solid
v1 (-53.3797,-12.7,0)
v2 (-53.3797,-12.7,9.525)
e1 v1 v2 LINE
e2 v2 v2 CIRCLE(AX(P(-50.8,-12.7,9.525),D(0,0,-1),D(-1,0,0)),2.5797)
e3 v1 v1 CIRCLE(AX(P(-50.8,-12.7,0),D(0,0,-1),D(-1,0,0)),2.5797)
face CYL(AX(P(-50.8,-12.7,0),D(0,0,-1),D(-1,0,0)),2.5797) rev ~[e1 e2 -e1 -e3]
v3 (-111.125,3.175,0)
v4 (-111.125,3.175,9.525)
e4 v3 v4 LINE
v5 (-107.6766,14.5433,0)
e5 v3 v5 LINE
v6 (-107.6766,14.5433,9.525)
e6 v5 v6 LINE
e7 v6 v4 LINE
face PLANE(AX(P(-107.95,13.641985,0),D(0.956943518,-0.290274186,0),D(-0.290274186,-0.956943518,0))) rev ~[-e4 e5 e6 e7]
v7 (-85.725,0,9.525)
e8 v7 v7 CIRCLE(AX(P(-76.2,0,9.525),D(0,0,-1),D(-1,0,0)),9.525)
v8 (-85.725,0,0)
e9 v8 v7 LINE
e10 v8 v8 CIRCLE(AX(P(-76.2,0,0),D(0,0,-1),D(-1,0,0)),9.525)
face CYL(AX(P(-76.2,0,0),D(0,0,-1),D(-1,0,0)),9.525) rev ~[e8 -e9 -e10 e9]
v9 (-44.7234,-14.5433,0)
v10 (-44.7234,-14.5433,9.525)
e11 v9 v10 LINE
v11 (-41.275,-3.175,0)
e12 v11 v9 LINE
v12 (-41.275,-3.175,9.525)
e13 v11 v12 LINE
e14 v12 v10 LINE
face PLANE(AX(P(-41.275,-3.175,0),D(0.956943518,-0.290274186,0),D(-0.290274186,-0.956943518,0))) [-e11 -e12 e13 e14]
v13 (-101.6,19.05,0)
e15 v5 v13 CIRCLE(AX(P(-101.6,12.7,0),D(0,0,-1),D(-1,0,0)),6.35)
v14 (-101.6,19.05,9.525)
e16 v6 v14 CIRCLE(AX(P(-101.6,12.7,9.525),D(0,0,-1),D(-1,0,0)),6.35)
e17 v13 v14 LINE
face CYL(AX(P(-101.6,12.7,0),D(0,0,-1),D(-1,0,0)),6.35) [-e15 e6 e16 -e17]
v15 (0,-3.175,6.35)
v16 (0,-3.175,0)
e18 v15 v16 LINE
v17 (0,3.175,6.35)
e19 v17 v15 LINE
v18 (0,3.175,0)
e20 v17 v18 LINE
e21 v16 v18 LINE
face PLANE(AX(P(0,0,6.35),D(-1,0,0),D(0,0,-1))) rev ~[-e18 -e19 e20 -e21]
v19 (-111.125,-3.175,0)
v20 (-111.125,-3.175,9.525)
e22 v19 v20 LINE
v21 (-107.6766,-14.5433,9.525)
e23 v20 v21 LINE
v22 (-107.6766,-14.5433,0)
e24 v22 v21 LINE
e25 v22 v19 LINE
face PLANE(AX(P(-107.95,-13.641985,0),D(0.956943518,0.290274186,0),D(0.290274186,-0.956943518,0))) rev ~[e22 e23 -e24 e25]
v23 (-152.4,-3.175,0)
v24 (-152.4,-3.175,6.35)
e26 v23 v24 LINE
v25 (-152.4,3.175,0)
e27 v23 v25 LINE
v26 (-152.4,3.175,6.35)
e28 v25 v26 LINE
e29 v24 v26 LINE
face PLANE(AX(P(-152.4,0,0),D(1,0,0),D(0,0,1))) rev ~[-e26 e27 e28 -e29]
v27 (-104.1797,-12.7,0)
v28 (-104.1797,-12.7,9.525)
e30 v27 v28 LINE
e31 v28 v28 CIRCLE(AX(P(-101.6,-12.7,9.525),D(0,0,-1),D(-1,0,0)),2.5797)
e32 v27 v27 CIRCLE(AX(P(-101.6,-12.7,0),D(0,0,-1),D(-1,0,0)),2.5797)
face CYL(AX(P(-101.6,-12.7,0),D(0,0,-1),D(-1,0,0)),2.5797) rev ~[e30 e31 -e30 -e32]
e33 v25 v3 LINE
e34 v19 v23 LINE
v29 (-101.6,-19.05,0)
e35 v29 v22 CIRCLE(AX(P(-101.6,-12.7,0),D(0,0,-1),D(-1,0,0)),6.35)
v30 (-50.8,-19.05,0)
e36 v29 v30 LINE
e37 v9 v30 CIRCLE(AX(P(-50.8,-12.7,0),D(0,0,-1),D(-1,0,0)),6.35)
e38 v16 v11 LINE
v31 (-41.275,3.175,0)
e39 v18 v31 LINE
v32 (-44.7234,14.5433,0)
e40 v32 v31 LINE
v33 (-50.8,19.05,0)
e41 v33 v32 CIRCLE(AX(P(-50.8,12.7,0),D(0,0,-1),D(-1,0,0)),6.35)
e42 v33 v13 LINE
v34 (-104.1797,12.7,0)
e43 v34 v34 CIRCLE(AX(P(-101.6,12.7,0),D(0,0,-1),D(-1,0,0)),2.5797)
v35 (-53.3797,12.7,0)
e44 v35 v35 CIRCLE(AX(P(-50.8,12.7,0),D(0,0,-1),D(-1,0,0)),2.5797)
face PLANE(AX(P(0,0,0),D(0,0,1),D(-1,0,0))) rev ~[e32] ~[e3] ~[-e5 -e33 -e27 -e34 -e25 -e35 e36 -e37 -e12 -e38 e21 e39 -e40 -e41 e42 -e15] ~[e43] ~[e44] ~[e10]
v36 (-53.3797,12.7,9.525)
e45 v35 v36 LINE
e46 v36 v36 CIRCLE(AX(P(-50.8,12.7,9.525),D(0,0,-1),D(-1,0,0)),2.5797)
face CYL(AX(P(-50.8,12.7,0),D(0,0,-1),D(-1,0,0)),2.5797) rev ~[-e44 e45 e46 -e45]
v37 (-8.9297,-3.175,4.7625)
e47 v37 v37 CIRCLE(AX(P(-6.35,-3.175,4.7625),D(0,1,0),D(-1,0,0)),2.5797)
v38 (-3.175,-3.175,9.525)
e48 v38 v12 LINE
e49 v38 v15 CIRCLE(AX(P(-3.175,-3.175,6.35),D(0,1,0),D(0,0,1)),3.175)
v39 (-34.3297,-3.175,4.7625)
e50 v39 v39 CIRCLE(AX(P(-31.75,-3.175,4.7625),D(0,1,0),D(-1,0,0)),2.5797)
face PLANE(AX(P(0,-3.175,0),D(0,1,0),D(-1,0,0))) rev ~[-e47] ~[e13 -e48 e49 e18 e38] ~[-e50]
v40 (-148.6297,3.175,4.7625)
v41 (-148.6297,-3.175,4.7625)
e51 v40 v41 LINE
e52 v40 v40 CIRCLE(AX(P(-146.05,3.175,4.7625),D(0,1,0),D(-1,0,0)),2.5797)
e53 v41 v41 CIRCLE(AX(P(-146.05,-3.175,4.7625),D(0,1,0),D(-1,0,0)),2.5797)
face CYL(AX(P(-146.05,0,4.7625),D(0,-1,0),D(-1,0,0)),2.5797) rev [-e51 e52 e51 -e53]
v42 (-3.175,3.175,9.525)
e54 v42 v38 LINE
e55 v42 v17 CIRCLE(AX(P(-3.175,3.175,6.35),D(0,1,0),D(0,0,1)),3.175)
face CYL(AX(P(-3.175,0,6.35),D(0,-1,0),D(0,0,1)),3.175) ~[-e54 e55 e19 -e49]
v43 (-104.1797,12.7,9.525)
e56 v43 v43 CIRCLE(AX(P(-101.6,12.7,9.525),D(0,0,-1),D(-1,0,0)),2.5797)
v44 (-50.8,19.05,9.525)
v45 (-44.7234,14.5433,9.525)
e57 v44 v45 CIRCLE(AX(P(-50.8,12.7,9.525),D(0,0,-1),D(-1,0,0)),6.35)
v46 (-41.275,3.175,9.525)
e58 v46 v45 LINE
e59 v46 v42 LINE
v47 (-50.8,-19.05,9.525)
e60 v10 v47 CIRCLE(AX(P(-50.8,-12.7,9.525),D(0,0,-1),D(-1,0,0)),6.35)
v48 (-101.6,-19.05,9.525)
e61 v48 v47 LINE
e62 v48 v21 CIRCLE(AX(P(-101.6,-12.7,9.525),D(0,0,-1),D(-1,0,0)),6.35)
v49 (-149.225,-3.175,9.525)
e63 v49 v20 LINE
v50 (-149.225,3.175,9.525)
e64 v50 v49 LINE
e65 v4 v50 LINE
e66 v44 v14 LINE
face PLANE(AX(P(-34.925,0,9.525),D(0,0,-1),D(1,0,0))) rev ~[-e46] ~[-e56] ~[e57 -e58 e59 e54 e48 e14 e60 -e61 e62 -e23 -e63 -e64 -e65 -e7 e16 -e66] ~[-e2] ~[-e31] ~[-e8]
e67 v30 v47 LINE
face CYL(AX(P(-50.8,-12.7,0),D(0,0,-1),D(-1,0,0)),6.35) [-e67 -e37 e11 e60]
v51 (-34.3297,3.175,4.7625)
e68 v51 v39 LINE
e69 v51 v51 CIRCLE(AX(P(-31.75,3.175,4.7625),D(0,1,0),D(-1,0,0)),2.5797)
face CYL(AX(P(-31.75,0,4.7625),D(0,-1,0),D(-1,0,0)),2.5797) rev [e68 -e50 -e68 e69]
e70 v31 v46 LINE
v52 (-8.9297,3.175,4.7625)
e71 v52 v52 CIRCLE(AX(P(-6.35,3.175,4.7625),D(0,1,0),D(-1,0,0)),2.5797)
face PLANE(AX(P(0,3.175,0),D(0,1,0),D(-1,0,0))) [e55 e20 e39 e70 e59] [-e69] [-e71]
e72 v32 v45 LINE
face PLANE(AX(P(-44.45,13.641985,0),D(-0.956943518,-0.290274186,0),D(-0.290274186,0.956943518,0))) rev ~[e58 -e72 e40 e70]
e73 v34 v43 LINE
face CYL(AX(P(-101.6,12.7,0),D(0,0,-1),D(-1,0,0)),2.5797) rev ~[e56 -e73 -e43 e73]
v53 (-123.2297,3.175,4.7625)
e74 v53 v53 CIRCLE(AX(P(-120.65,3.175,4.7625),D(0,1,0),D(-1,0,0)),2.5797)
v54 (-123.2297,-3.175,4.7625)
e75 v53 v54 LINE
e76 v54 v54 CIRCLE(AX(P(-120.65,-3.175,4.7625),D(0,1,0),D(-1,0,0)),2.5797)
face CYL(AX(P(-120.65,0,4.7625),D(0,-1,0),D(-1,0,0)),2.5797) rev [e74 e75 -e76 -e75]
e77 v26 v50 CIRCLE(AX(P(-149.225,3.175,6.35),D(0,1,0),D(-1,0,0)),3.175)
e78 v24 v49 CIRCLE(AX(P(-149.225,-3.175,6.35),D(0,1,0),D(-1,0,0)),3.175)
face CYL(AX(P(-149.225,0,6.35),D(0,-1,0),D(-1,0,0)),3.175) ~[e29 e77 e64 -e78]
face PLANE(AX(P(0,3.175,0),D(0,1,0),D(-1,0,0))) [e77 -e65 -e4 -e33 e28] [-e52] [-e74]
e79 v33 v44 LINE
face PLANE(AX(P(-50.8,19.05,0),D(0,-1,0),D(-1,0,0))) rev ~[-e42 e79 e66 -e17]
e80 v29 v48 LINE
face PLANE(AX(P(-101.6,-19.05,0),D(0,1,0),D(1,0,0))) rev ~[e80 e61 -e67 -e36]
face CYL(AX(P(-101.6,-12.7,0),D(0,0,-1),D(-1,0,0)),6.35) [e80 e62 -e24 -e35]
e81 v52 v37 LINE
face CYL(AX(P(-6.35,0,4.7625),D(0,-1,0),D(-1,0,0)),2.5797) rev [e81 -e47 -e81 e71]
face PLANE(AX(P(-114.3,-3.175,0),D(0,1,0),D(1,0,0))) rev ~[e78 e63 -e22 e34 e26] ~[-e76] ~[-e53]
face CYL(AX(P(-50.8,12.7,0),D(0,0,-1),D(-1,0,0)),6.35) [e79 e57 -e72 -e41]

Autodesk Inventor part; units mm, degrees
ref_plane "YZ Plane" through (0, 0, 0) normal (1, 0, 0) x (0, 1, 0)
ref_plane "XZ Plane" through (0, 0, 0) normal (0, 1, 0) x (-1, 0, 0)
ref_plane "XY Plane" through (0, 0, 0) normal (0, 0, 1) x (1, 0, 0)
sketch "Sketch1" plane through (0, 0, 0) normal (0, 1, 0) x (-1, 0, 0)
  line L0 (0, 0) -> (152.4, 0)
  line L1 (152.4, 0) -> (152.4, 6.35)
  line L2 (34.925, 9.525) -> (3.175, 9.525)
  line L3 (0, 6.35) -> (0, 0)
  circle A0 centre (6.35, 4.7625) radius 2.5797
  circle A1 centre (31.75, 4.7625) radius 2.5797
  circle A2 centre (120.65, 4.7625) radius 2.5797
  circle A3 centre (146.05, 4.7625) radius 2.5797
  line L4 (38.1, 9.525) -> (114.3, 9.525)
  line L5 (114.3, 6.35) -> (114.3, 4.7625)
  line L6 (38.1, 4.7625) -> (38.1, 6.35)
  arc A4 (38.1, 6.35) -> (34.925, 9.525) centre (34.925, 6.35) ccw
  arc A5 (3.175, 9.525) -> (0, 6.35) centre (3.175, 6.35) ccw
  line L7 (117.475, 9.525) -> (149.225, 9.525)
  arc A6 (117.475, 9.525) -> (114.3, 6.35) centre (117.475, 6.35) ccw
  arc A7 (152.4, 6.35) -> (149.225, 9.525) centre (149.225, 6.35) ccw
  line L8 (114.3, 6.35) -> (114.3, 0)
  line L9 (38.1, 6.35) -> (38.1, 0)
  line L10 (114.3, 4.7625) -> (114.3, 9.525)
  line L11 (117.475, 9.525) -> (114.3, 9.525)
  line L12 (38.1, 6.35) -> (38.1, 9.525)
  line L13 (38.1, 9.525) -> (34.925, 9.525)
  line L14 (38.1, 3.175) -> (114.3, 3.175)
  line L15 (88.9, 3.175) -> (116.778, 9.4476)
  line L16 (63.5, 3.175) -> (35.622, 9.4476)
  point P0 (152.4, 9.525)
  point P1 (0, 9.525)
  point P2 (114.3, 3.175)
  dimension "d0" = 152.4
  dimension "d1" = 9.525
  dimension "d2" = 4.7625
  dimension "d3" = 4.7625
  dimension "d4" = 4.7625
  dimension "d5" = 4.7625
  dimension "d6" = 25.4
  dimension "d7" = 25.4
  dimension "d8" = 5.1594
  dimension "d9" = 6.35
  dimension "d10" = 6.35
  dimension "d11" = 4.7625
  dimension "d12" = 6.35
  dimension "d13" = 6.35
  dimension "d14" = 3.175
  dimension "d15" = 3.175
  dimension "d37" = 3.175
  dimension "d100" = 25.4
extrude "Extrusion1" add sketch "Sketch1" along normal mid plane 6.35
extrude "Extrusion2" add sketch "Sketch1" along normal mid plane 50.8 contours L9 L14 L8 L0 | L9 L6 L12 L16 L14 | L14 L15 L10 L5 L8 | L16 L12 L4 L10 L15 L14
sketch "Sketch4" plane through (-38.1, 25.4, 0) normal (0, 0, -1) x (-1, 0, 0)
  line L0 (76.2, -50.8) -> (76.2, -28.575) projected
  line L1 (0, 0) -> (76.2, 0)
  line L2 (76.2, 0) -> (76.2, -50.8)
  line L3 (76.2, -50.8) -> (0, -50.8)
  line L4 (0, -50.8) -> (0, 0)
  circle A0 centre (38.1, -25.4) radius 9.525
  circle A1 centre (12.7, -12.7) radius 2.5797
  circle A2 centre (12.7, -38.1) radius 2.5797
  circle A3 centre (63.5, -12.7) radius 2.5797
  circle A4 centre (63.5, -38.1) radius 2.5797
  circle A5 centre (12.7, -12.7) radius 6.35
  circle A6 centre (12.7, -38.1) radius 6.35
  circle A7 centre (63.5, -12.7) radius 6.35
  circle A8 centre (63.5, -38.1) radius 6.35
  line L5 (12.7, -6.35) -> (63.5, -6.35)
  line L6 (69.85, -11.1925) -> (69.85, -39.6075)
  line L7 (63.5, -44.45) -> (12.7, -44.45)
  line L8 (6.35, -39.6075) -> (6.35, -11.1925)
  line L9 (-38.1, -22.225) -> (6.35, -22.225)
  line L10 (6.35, -22.225) -> (6.35, -28.575)
  line L11 (6.35, -28.575) -> (-38.1, -28.575)
  line L12 (-38.1, -28.575) -> (-38.1, -22.225)
  line L13 (69.85, -22.225) -> (114.3, -22.225)
  line L14 (114.3, -22.225) -> (114.3, -28.575)
  line L15 (114.3, -28.575) -> (69.85, -28.575)
  line L16 (69.85, -28.575) -> (69.85, -22.225)
  line L17 (-38.1, -28.575) -> (-38.1, -22.225) projected
  line L18 (0, -28.575) -> (-38.1, -28.575) projected
  line L19 (3.175, -22.225) -> (6.6234, -10.8567)
  line L20 (3.175, -28.575) -> (6.6234, -39.9433)
  line L21 (69.5766, -10.8567) -> (73.025, -22.225)
  line L22 (73.025, -28.575) -> (69.5766, -39.9433)
  point P0 (-38.1, -25.4)
  point P1 (-38.1, -25.4)
  point P2 (7.0276, -9.8458)
  point P3 (0, -22.225)
  point P4 (7.0276, -40.9542)
  point P5 (76.2, -22.225)
  point P6 (69.1724, -9.8458)
  point P7 (69.1724, -40.9542)
  point P8 (0, -22.225)
  dimension "d71" = 76.2
  dimension "d72" = 50.8
  dimension "d73" = 25.4
  dimension "d74" = 38.1
  dimension "d75" = 19.05
  dimension "d78" = 25.4
  dimension "d81" = 50.8
  dimension "d84" = 12.7
  dimension "d85" = 12.7
  dimension "d86" = 5.1594
  dimension "d87" = 12.7
  dimension "d90" = 25.4
  dimension "d93" = 50.8
  dimension "d96" = 3.175
  dimension "d97" = 6.35
  dimension "d111" = 3.175
extrude "Extrusion5" cut sketch "Sketch4" against normal through all contours L3 L4 L11 L20 A6 L7 A8 L22 L15 L0 | L13 L21 A7 L5 A5 L19 L9 L4 L1 L2 | A0 | A1 | A2 | A3 | A4
equation "\"d2\" = 0.5 * d1"
equation "\"d3\" = d2"
equation "\"d4\" = d2"
equation "\"d5\" = d2"
equation "\"d10\" = d9"
equation "\"d11\" = 0.5 * d1"
equation "\"d37\" = 0.333333 * d1"
properties part number "Face Plate"
